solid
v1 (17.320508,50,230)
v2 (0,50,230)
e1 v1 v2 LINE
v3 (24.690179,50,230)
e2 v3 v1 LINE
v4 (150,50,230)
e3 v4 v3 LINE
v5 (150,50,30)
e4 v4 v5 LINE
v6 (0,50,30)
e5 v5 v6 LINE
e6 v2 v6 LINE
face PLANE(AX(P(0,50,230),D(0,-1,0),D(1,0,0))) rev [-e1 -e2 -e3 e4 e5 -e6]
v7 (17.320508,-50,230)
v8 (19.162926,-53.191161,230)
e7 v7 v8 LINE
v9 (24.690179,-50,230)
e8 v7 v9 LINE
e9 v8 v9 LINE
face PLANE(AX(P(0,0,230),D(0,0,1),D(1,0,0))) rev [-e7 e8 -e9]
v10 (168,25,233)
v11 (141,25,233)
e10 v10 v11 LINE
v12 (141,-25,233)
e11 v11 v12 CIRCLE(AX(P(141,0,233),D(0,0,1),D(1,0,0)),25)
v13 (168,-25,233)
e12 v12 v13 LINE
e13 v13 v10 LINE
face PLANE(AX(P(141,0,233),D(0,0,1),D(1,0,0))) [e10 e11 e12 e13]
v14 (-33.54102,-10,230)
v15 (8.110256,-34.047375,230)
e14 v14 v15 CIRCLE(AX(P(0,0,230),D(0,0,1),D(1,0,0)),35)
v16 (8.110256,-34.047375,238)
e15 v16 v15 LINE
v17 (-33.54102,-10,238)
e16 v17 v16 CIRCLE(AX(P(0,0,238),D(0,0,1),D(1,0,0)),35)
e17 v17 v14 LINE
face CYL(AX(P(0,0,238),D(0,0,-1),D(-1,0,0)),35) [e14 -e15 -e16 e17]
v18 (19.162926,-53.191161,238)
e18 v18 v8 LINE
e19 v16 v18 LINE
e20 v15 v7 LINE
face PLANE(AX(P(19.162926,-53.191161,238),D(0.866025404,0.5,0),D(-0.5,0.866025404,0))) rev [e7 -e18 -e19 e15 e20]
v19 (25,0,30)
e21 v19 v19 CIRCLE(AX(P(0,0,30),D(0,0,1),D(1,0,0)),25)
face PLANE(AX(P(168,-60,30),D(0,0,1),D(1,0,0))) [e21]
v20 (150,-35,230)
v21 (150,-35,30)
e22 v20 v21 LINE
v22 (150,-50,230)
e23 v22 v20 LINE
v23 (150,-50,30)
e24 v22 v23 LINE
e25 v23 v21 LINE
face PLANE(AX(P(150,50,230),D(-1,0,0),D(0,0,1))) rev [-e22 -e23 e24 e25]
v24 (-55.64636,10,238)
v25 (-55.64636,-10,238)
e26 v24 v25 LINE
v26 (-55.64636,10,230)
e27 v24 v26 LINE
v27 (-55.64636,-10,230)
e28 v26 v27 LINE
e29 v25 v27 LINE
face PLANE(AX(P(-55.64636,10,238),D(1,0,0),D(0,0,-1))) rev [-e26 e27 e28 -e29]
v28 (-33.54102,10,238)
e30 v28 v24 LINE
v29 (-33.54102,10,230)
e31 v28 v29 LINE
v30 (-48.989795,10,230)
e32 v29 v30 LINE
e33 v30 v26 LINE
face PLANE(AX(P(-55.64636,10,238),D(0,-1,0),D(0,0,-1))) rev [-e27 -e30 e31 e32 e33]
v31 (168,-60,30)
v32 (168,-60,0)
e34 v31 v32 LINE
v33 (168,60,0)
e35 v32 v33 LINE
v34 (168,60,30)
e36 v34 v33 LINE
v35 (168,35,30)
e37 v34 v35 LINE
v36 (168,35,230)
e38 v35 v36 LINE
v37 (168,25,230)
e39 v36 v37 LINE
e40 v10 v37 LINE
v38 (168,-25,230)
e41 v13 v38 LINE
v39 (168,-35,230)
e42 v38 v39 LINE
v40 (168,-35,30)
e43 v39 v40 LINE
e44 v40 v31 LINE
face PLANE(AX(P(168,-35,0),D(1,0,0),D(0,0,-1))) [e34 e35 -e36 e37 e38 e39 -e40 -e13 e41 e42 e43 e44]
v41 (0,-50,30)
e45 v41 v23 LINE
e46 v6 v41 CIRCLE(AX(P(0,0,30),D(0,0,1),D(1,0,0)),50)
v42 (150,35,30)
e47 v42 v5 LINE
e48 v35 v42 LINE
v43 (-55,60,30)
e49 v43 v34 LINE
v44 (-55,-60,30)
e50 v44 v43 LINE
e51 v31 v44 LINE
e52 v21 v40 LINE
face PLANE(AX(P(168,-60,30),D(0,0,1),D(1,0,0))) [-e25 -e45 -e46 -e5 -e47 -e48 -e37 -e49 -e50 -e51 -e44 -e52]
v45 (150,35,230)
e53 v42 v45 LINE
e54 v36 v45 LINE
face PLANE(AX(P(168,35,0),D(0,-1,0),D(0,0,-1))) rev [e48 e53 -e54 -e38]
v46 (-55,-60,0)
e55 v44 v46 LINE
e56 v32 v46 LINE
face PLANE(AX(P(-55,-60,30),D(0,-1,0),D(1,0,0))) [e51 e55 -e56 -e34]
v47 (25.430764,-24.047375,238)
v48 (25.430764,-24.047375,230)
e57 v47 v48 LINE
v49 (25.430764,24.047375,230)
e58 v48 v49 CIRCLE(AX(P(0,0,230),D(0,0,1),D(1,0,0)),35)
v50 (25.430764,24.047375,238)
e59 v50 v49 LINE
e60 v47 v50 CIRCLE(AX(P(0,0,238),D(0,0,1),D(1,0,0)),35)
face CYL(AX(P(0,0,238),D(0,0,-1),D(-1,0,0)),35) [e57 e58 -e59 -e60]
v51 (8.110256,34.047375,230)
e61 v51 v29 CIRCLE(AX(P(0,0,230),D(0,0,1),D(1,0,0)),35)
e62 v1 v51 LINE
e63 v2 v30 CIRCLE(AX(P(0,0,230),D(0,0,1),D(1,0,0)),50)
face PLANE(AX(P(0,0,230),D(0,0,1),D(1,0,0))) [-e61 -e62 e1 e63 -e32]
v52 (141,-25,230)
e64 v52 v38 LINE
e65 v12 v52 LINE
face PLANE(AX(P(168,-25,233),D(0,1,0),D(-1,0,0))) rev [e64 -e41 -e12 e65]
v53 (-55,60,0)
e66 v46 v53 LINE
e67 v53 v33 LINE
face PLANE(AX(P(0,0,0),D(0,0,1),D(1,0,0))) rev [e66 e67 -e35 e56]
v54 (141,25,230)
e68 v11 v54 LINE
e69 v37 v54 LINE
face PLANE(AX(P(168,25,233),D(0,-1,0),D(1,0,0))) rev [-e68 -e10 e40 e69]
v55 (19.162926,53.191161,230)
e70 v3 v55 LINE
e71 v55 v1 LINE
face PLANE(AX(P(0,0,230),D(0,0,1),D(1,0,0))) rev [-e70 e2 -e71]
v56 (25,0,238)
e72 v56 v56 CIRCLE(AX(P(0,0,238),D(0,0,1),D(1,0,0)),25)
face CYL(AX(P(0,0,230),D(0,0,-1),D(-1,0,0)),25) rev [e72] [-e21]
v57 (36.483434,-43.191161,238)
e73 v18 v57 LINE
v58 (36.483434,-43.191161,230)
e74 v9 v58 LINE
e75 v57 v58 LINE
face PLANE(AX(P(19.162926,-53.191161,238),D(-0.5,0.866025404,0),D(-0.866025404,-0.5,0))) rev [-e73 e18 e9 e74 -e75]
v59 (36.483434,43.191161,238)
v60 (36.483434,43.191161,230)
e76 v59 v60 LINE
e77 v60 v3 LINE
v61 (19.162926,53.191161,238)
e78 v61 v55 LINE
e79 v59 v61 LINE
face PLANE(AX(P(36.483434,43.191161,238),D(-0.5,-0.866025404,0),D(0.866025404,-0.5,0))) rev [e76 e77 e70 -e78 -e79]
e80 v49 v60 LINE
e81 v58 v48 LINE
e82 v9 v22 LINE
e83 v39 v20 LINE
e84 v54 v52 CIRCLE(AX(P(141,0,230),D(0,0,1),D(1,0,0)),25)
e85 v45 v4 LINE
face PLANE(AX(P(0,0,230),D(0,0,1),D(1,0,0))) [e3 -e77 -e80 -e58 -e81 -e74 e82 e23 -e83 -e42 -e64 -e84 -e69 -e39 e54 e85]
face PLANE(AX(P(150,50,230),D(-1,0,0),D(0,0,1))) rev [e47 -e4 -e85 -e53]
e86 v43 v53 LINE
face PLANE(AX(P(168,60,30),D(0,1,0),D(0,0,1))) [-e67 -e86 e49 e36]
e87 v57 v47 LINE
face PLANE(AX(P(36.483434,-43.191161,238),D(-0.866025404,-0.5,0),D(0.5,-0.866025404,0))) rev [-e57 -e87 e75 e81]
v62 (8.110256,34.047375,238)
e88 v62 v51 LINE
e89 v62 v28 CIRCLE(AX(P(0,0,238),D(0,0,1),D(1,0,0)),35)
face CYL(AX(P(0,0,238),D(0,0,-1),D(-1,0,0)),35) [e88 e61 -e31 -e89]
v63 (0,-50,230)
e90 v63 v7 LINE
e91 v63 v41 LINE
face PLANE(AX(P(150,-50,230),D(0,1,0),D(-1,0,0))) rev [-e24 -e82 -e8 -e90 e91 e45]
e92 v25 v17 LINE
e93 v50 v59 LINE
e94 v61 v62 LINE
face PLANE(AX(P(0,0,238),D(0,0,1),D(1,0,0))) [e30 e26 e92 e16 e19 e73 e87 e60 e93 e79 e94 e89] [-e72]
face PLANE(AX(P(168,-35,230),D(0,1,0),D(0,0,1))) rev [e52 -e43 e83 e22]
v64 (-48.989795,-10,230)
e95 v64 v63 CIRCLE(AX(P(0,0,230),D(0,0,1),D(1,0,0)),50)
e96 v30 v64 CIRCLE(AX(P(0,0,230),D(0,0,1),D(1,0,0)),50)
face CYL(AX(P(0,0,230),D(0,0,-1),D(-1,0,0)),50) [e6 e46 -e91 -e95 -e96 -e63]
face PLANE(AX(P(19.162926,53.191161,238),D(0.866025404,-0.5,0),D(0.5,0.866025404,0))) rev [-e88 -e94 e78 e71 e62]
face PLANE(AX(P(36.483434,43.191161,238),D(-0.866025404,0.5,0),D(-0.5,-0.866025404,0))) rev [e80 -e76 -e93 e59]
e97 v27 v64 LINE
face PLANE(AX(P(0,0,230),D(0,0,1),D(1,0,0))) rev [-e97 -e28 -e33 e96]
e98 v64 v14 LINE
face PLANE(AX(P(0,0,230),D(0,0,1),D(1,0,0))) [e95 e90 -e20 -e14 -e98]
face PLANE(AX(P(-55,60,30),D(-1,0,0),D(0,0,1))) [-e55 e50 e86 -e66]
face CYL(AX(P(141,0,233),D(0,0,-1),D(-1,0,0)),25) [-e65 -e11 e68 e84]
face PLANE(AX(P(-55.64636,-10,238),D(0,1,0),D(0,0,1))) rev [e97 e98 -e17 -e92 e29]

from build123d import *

# Parameters (mm, degrees)
SKETCH_1_R      = 25
EXTRUDE_1_DEPTH = 230
SKETCH_2_W      = 230
SKETCH_2_H      = 70
EXTRUDE_2_DEPTH = 18
SKETCH_3_W      = 223
SKETCH_3_H      = 120
EXTRUDE_3_DEPTH = 30
EXTRUDE_4_DEPTH = 3
SKETCH_5_R      = 25
EXTRUDE_5_DEPTH = 8


with BuildPart() as part:
    # 草图1 → 凸台-拉伸1 (new body)
    with BuildSketch(Plane.XY):
        with BuildLine():
            Line((0, 50), (150, 50))
            Line((150, 50), (150, -50))
            Line((150, -50), (0, -50))
            ThreePointArc((0, -50), (-50, 0), (0, 50))
        make_face()
        Circle(SKETCH_1_R, mode=Mode.SUBTRACT)
    extrude(amount=EXTRUDE_1_DEPTH)

    # 草图2 → 凸台-拉伸2 (add)
    with BuildSketch(Plane(origin=(150, 0, 0), x_dir=(0, 0, -1), z_dir=(1, 0, 0))):
        with Locations((-115, 0)):
            Rectangle(SKETCH_2_W, SKETCH_2_H)
    extrude(amount=EXTRUDE_2_DEPTH)

    # 草图3 → 凸台-拉伸3 (add)
    with BuildSketch(Plane(origin=(0, 0, 0), x_dir=(-1, 0, 0), z_dir=(0, 0, -1))):
        with Locations((-56.5, 0)):
            Rectangle(SKETCH_3_W, SKETCH_3_H)
    extrude(amount=-EXTRUDE_3_DEPTH)

    # 草图4 → 凸台-拉伸4 (add)
    with BuildSketch(Plane.XY.offset(230)):
        with BuildLine():
            Line((168, 25), (141, 25))
            ThreePointArc((141, 25), (116, 0), (141, -25))
            Line((141, -25), (168, -25))
            Line((168, -25), (168, 25))
        make_face()
    extrude(amount=EXTRUDE_4_DEPTH)

    # 草图5 → 凸台-拉伸5 (add)
    with BuildSketch(Plane.XY.offset(230)):
        with BuildLine():
            Line((-55.646359671, 10), (-55.646359671, -10))
            Line((-55.646359671, -10), (-33.541019662, -10))
            ThreePointArc((-33.541019662, -10), (-17.5, -30.310889132), (8.110255793, -34.047375097))
            Line((8.110255793, -34.047375097), (19.162925798, -53.191161103))
            Line((19.162925798, -53.191161103), (36.483433873, -43.191161103))
            Line((36.483433873, -43.191161103), (25.430763869, -24.047375097))
            ThreePointArc((25.430763869, -24.047375097), (35, 0), (25.430763869, 24.047375097))
            Line((25.430763869, 24.047375097), (36.483433873, 43.191161103))
            Line((36.483433873, 43.191161103), (19.162925798, 53.191161103))
            Line((19.162925798, 53.191161103), (8.110255793, 34.047375097))
            ThreePointArc((8.110255793, 34.047375097), (-17.5, 30.310889132), (-33.541019662, 10))
            Line((-33.541019662, 10), (-55.646359671, 10))
        make_face()
        Circle(SKETCH_5_R, mode=Mode.SUBTRACT)
    extrude(amount=EXTRUDE_5_DEPTH)


solid = part.part
